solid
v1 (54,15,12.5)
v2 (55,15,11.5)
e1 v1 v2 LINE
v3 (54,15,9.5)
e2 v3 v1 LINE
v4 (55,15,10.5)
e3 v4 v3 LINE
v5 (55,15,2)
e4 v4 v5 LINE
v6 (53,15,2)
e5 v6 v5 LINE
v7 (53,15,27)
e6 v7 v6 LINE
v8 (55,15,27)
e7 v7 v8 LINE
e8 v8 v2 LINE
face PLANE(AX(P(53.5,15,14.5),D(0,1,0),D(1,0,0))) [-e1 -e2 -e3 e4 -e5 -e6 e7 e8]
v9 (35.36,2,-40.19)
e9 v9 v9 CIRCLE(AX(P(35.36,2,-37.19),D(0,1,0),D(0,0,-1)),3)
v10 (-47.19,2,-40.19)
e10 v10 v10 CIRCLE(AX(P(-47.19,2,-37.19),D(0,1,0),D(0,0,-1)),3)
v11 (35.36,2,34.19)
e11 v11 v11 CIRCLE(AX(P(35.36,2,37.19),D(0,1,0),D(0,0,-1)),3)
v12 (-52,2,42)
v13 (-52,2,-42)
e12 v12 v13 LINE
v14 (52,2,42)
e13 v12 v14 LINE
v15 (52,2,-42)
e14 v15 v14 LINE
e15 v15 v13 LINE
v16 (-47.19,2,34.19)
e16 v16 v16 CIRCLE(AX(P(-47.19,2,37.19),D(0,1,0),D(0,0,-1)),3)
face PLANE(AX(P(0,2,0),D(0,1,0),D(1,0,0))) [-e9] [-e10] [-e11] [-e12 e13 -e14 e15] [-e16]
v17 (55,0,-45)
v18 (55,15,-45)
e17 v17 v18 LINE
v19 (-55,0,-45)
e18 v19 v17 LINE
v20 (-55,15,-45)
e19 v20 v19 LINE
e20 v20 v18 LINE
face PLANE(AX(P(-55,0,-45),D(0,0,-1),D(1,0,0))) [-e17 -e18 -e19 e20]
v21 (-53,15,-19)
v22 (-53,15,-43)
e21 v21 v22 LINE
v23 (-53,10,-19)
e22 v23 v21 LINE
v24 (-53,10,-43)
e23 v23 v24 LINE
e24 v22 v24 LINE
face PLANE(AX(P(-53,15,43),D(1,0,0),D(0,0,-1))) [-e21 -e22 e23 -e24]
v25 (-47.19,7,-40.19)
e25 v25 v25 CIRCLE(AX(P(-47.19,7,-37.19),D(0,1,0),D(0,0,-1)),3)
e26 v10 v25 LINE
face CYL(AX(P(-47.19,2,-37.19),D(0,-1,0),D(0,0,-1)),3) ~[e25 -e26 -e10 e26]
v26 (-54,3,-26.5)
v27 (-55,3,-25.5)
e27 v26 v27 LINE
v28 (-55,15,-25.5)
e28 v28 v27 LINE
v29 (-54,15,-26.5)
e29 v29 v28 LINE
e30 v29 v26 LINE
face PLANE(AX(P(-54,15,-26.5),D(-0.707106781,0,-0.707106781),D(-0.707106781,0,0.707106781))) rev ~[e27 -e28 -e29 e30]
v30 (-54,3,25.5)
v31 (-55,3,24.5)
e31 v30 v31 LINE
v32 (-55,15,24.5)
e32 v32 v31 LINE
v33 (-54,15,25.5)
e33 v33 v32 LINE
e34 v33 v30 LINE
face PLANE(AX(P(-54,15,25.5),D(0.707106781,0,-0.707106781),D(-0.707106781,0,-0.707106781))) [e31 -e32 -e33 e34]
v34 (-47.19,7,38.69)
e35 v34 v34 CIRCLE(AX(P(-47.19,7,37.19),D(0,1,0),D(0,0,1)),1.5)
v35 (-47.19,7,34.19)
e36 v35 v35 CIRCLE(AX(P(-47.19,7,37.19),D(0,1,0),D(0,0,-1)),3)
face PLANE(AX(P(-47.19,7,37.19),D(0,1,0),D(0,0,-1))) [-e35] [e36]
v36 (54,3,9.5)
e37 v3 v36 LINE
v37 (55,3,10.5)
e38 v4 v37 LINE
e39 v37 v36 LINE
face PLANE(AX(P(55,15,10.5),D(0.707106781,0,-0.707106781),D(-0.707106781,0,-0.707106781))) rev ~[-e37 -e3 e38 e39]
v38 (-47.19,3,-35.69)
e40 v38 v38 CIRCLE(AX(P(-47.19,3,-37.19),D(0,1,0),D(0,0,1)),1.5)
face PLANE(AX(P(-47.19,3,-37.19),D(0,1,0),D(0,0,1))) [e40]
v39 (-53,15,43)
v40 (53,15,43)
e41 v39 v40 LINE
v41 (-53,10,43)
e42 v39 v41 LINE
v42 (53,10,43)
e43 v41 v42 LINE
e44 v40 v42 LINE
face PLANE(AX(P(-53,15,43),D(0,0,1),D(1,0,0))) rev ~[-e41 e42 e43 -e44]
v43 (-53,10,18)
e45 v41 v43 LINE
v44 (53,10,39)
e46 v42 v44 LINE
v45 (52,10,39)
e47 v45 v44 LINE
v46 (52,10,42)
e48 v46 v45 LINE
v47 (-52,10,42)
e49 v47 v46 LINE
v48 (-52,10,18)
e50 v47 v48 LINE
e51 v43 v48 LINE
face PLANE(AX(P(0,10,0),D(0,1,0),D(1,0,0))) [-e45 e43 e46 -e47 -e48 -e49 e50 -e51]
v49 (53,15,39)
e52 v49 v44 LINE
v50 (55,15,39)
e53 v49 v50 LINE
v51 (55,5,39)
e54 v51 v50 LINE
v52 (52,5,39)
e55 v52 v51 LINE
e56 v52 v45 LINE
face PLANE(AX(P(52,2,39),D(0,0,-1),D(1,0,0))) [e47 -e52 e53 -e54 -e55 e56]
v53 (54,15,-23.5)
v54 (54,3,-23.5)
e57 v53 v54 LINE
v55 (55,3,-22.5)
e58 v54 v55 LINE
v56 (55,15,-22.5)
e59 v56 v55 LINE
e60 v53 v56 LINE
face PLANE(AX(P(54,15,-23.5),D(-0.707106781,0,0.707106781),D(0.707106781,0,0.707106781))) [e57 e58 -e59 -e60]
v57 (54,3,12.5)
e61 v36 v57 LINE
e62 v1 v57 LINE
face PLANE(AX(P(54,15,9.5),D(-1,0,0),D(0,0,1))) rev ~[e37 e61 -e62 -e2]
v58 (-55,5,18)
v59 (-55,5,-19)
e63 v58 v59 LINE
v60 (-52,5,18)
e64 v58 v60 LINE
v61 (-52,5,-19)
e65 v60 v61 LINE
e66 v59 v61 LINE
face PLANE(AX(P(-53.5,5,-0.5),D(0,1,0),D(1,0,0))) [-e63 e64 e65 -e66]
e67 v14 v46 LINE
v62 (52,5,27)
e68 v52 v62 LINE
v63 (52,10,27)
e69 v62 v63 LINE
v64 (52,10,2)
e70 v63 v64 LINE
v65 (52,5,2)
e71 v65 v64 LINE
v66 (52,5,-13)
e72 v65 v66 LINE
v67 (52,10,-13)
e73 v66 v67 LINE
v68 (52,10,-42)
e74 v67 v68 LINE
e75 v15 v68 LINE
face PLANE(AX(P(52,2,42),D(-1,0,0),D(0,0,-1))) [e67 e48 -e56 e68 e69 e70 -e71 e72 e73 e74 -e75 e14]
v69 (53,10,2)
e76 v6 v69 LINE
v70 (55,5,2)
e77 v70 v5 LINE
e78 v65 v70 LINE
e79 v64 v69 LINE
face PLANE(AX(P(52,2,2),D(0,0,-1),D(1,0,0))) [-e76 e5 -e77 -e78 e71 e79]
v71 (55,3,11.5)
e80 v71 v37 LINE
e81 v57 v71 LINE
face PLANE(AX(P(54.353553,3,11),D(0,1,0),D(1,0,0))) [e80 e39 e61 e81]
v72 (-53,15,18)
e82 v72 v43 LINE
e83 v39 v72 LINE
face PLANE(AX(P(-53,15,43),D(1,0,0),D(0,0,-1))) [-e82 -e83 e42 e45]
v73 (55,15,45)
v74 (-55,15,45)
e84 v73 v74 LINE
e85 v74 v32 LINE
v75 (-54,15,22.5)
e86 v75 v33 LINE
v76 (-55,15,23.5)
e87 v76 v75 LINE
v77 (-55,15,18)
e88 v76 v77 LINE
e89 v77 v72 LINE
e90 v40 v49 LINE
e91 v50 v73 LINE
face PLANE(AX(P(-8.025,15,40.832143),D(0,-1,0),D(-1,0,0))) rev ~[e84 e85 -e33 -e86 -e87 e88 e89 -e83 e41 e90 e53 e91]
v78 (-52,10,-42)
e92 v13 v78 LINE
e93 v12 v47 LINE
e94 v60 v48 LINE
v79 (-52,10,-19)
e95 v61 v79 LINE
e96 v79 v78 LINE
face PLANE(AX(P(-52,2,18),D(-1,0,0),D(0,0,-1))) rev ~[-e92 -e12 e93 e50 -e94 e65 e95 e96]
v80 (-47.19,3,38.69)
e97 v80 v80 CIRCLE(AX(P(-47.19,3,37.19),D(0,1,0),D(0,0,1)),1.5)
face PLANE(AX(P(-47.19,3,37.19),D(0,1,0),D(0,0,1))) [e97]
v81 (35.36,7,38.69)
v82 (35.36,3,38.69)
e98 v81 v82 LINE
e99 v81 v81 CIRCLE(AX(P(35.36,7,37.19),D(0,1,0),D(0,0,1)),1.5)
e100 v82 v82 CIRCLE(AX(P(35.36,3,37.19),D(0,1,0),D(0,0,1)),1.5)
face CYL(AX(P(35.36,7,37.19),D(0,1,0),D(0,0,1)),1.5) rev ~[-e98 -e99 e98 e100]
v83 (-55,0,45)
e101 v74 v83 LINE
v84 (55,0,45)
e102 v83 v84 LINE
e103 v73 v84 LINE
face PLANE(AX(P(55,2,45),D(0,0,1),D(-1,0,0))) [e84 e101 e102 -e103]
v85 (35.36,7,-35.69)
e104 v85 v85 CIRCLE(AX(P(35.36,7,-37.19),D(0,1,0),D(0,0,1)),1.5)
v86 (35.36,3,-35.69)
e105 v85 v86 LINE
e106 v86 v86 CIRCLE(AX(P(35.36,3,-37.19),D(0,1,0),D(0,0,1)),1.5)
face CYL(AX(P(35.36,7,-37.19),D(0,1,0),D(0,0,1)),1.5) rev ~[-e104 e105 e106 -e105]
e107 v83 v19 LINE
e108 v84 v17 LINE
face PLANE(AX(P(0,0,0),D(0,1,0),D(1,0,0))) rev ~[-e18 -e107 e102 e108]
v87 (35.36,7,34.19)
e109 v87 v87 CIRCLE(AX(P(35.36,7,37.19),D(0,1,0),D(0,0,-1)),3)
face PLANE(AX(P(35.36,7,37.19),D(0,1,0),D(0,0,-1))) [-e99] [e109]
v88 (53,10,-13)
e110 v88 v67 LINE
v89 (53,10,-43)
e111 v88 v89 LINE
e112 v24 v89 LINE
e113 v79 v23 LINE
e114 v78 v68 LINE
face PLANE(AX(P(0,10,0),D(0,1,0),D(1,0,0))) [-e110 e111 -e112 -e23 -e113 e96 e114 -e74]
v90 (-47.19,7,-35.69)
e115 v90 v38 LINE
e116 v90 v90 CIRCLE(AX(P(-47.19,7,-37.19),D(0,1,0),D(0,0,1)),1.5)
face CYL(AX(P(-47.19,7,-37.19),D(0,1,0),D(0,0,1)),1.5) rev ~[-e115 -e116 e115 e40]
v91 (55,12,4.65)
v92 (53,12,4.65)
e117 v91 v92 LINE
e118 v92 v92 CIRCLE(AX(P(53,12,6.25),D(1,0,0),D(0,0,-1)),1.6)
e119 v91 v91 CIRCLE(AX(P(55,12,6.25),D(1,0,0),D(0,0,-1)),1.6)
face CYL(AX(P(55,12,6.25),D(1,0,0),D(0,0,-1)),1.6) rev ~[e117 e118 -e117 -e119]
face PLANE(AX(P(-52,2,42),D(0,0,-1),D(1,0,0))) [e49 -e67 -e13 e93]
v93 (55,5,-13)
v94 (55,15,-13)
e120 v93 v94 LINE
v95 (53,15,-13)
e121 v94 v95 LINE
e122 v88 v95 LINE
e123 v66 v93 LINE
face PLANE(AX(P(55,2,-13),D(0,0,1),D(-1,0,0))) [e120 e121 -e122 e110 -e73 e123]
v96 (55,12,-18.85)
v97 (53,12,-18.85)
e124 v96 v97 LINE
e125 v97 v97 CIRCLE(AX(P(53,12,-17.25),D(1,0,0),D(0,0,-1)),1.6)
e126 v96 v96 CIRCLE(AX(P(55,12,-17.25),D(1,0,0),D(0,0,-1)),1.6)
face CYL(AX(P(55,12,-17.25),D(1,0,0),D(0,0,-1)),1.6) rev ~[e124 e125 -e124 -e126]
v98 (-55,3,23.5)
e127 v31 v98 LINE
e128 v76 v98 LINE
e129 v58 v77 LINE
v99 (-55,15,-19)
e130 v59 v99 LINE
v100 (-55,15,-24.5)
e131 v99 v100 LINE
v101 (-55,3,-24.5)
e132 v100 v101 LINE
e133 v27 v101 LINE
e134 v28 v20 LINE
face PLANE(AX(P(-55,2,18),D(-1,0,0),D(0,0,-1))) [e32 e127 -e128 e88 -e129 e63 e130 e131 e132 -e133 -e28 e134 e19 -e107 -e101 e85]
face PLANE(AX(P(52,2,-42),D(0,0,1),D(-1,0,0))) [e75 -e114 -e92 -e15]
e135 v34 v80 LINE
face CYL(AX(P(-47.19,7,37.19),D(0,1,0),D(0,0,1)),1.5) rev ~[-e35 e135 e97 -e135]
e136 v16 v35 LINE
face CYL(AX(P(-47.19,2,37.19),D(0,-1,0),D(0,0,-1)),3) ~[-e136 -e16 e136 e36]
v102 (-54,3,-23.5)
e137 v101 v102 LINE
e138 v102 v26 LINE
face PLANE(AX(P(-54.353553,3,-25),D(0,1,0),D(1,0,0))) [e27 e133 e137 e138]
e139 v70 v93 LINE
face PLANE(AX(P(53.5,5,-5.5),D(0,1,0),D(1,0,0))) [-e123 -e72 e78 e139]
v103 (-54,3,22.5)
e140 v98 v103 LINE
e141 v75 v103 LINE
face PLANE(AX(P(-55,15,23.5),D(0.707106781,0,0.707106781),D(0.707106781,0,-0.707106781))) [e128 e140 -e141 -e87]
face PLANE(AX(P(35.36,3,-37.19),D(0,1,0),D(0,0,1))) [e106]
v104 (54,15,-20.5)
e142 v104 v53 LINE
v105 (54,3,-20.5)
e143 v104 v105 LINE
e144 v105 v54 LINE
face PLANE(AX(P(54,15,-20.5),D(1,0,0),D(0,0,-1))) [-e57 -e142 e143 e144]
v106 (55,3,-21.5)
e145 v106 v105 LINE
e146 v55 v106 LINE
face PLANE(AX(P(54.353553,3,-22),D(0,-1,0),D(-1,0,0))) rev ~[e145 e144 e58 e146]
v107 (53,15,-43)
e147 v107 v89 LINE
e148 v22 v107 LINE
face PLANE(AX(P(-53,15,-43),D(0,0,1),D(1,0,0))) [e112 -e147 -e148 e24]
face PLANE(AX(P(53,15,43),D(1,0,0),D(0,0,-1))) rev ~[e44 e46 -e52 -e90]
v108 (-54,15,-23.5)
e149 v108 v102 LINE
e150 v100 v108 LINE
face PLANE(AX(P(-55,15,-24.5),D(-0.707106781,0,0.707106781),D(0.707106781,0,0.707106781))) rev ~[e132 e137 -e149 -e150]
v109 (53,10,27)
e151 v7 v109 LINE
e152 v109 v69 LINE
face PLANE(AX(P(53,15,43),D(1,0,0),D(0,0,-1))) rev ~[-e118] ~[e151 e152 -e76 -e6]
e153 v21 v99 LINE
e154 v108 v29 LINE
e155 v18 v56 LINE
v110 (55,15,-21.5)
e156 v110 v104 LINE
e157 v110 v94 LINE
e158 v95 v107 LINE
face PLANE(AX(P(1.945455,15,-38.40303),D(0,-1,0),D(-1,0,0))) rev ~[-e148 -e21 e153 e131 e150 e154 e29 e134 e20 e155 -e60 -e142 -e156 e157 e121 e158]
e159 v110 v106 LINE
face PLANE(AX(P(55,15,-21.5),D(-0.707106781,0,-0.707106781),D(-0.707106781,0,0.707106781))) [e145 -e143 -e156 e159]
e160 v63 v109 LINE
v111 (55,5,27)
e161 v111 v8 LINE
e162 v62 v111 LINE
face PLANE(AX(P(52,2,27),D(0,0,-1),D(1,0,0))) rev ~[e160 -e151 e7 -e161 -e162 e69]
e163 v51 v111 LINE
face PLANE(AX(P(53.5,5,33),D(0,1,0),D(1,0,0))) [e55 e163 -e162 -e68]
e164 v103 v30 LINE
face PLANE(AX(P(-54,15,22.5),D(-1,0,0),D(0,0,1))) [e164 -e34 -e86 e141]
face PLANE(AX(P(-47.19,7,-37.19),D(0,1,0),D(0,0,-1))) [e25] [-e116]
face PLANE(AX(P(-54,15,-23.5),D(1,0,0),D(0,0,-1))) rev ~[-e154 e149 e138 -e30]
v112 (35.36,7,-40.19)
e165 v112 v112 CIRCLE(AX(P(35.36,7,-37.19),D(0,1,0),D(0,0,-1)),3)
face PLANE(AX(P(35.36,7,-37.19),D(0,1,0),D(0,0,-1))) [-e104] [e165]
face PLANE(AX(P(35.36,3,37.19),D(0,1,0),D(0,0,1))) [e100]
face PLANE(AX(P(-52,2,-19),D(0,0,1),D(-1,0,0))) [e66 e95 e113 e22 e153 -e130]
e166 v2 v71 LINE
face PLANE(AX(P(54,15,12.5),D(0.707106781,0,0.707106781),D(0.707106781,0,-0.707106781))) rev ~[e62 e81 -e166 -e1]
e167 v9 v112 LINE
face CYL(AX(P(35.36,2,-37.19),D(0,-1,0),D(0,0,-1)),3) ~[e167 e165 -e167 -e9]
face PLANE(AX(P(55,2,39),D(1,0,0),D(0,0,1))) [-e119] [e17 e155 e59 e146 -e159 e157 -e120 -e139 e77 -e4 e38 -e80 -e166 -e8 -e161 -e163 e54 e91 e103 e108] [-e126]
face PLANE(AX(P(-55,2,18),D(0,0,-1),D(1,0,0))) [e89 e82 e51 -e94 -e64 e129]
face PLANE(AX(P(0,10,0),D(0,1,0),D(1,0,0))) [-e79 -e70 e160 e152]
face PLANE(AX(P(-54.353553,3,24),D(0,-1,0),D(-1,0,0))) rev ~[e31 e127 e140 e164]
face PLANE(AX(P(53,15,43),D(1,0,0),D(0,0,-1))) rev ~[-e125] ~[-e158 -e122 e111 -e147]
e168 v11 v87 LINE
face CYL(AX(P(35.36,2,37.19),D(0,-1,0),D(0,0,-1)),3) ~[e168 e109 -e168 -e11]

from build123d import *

# Parameters (mm, degrees)
CROQUIS1_W              = 110
CROQUIS1_H              = 90
SALIENTE_EXTRUIR1_DEPTH = 2
CROQUIS3_R              = 3
SALIENTE_EXTRUIR2_DEPTH = 5
CROQUIS4_R              = 1.5
CORTAR_EXTRUIR1_DEPTH   = 4
CROQUIS5_W              = 3
CROQUIS5_H              = 25
SALIENTE_EXTRUIR3_DEPTH = 13
CROQUIS6_W              = 3
CROQUIS6_H              = 37
CROQUIS6_H_2            = 15
CROQUIS6_H_3            = 12
SALIENTE_EXTRUIR4_DEPTH = 3
CROQUIS7_W              = 106
CROQUIS7_H              = 86
CROQUIS7_W_2            = 104
CROQUIS7_H_2            = 84
CORTAR_EXTRUIR2_DEPTH   = 5
CORTAR_EXTRUIR3_DEPTH   = 12
CROQUIS9_R              = 1.6
CORTAR_EXTRUIR4_DEPTH   = 12
CORTAR_EXTRUIR5_DEPTH   = 12


with BuildPart() as part:
    # Croquis1 → Saliente-Extruir1 (new body)
    with BuildSketch(Plane(origin=(0, 0, 0), x_dir=(1, 0, 0), z_dir=(0, 1, 0))):
        Rectangle(CROQUIS1_W, CROQUIS1_H)
    extrude(amount=SALIENTE_EXTRUIR1_DEPTH)

    # Croquis3 → Saliente-Extruir2 (add)
    with BuildSketch(Plane(origin=(0, 2, 0), x_dir=(1, 0, 0), z_dir=(0, 1, 0))):
        with Locations(Location((-47.19, -37.19, 0), (0, 0, 90))):
            Circle(CROQUIS3_R)
        with Locations(Location((-47.19, 37.19, 0), (0, 0, 90))):
            Circle(CROQUIS3_R)
        with Locations(Location((35.36, -37.19, 0), (0, 0, 90))):
            Circle(CROQUIS3_R)
        with Locations(Location((35.36, 37.19, 0), (0, 0, 90))):
            Circle(CROQUIS3_R)
    extrude(amount=SALIENTE_EXTRUIR2_DEPTH)

    # Croquis4 → Cortar-Extruir1 (cut)
    with BuildSketch(Plane(origin=(0, 7, 0), x_dir=(1, 0, 0), z_dir=(0, 1, 0))):
        with Locations(Location((-47.19, -37.19, 0), (0, 0, 270))):
            Circle(CROQUIS4_R)
        with Locations(Location((35.36, -37.19, 0), (0, 0, 270))):
            Circle(CROQUIS4_R)
        with Locations(Location((35.36, 37.19, 0), (0, 0, 270))):
            Circle(CROQUIS4_R)
        with Locations(Location((-47.19, 37.19, 0), (0, 0, 270))):
            Circle(CROQUIS4_R)
    extrude(amount=-CORTAR_EXTRUIR1_DEPTH, mode=Mode.SUBTRACT)

    # Croquis5 → Saliente-Extruir3 (add)
    with BuildSketch(Plane(origin=(0, 2, 0), x_dir=(1, 0, 0), z_dir=(0, 1, 0))):
        Polygon((52, -39), (55, -39), (55, -45), (-55, -45), (-55, -18), (-52, -18), (-52, -42), (52, -42), align=None)
        Polygon((-55, 45), (55, 45), (55, 13), (52, 13), (52, 42), (-52, 42), (-52, 19), (-55, 19), align=None)
        with Locations((53.5, -14.5)):
            Rectangle(CROQUIS5_W, CROQUIS5_H)
    extrude(amount=SALIENTE_EXTRUIR3_DEPTH)

    # Croquis6 → Saliente-Extruir4 (add)
    with BuildSketch(Plane(origin=(0, 2, 0), x_dir=(1, 0, 0), z_dir=(0, 1, 0))):
        with Locations((-53.5, 0.5)):
            Rectangle(CROQUIS6_W, CROQUIS6_H)
        with Locations((53.5, 5.5)):
            Rectangle(CROQUIS6_W, CROQUIS6_H_2)
        with Locations((53.5, -33)):
            Rectangle(CROQUIS6_W, CROQUIS6_H_3)
    extrude(amount=SALIENTE_EXTRUIR4_DEPTH)

    # Croquis7 → Cortar-Extruir2 (cut)
    with BuildSketch(Plane(origin=(0, 15, 0), x_dir=(1, 0, 0), z_dir=(0, 1, 0))):
        Rectangle(CROQUIS7_W, CROQUIS7_H)
        Rectangle(CROQUIS7_W_2, CROQUIS7_H_2, mode=Mode.SUBTRACT)
    extrude(amount=-CORTAR_EXTRUIR2_DEPTH, mode=Mode.SUBTRACT)

    # Croquis8 → Cortar-Extruir3 (cut)
    with BuildSketch(Plane(origin=(0, 15, 0), x_dir=(1, 0, 0), z_dir=(0, 1, 0))):
        Polygon((55, -10.5), (54, -9.5), (54, -12.5), (55, -11.5), align=None)
        Polygon((55, 22.5), (55, 21.5), (54, 20.5), (54, 23.5), align=None)
    extrude(amount=-CORTAR_EXTRUIR3_DEPTH, mode=Mode.SUBTRACT)

    # Croquis9 → Cortar-Extruir4 (cut)
    with BuildSketch(Plane(origin=(55, 0, 0), x_dir=(0, 0, -1), z_dir=(1, 0, 0))):
        with Locations((-6.25, 12)):
            Circle(CROQUIS9_R)
        with Locations((17.25, 12)):
            Circle(CROQUIS9_R)
    extrude(amount=-CORTAR_EXTRUIR4_DEPTH, mode=Mode.SUBTRACT)

    # Croquis11 → Cortar-Extruir5 (cut)
    with BuildSketch(Plane(origin=(0, 15, 0), x_dir=(1, 0, 0), z_dir=(0, 1, 0))):
        Polygon((-55, -23.5), (-54, -22.5), (-54, -25.5), (-55, -24.5), align=None)
        Polygon((-55, 25.5), (-55, 24.5), (-54, 23.5), (-54, 26.5), align=None)
    extrude(amount=-CORTAR_EXTRUIR5_DEPTH, mode=Mode.SUBTRACT)


solid = part.part
